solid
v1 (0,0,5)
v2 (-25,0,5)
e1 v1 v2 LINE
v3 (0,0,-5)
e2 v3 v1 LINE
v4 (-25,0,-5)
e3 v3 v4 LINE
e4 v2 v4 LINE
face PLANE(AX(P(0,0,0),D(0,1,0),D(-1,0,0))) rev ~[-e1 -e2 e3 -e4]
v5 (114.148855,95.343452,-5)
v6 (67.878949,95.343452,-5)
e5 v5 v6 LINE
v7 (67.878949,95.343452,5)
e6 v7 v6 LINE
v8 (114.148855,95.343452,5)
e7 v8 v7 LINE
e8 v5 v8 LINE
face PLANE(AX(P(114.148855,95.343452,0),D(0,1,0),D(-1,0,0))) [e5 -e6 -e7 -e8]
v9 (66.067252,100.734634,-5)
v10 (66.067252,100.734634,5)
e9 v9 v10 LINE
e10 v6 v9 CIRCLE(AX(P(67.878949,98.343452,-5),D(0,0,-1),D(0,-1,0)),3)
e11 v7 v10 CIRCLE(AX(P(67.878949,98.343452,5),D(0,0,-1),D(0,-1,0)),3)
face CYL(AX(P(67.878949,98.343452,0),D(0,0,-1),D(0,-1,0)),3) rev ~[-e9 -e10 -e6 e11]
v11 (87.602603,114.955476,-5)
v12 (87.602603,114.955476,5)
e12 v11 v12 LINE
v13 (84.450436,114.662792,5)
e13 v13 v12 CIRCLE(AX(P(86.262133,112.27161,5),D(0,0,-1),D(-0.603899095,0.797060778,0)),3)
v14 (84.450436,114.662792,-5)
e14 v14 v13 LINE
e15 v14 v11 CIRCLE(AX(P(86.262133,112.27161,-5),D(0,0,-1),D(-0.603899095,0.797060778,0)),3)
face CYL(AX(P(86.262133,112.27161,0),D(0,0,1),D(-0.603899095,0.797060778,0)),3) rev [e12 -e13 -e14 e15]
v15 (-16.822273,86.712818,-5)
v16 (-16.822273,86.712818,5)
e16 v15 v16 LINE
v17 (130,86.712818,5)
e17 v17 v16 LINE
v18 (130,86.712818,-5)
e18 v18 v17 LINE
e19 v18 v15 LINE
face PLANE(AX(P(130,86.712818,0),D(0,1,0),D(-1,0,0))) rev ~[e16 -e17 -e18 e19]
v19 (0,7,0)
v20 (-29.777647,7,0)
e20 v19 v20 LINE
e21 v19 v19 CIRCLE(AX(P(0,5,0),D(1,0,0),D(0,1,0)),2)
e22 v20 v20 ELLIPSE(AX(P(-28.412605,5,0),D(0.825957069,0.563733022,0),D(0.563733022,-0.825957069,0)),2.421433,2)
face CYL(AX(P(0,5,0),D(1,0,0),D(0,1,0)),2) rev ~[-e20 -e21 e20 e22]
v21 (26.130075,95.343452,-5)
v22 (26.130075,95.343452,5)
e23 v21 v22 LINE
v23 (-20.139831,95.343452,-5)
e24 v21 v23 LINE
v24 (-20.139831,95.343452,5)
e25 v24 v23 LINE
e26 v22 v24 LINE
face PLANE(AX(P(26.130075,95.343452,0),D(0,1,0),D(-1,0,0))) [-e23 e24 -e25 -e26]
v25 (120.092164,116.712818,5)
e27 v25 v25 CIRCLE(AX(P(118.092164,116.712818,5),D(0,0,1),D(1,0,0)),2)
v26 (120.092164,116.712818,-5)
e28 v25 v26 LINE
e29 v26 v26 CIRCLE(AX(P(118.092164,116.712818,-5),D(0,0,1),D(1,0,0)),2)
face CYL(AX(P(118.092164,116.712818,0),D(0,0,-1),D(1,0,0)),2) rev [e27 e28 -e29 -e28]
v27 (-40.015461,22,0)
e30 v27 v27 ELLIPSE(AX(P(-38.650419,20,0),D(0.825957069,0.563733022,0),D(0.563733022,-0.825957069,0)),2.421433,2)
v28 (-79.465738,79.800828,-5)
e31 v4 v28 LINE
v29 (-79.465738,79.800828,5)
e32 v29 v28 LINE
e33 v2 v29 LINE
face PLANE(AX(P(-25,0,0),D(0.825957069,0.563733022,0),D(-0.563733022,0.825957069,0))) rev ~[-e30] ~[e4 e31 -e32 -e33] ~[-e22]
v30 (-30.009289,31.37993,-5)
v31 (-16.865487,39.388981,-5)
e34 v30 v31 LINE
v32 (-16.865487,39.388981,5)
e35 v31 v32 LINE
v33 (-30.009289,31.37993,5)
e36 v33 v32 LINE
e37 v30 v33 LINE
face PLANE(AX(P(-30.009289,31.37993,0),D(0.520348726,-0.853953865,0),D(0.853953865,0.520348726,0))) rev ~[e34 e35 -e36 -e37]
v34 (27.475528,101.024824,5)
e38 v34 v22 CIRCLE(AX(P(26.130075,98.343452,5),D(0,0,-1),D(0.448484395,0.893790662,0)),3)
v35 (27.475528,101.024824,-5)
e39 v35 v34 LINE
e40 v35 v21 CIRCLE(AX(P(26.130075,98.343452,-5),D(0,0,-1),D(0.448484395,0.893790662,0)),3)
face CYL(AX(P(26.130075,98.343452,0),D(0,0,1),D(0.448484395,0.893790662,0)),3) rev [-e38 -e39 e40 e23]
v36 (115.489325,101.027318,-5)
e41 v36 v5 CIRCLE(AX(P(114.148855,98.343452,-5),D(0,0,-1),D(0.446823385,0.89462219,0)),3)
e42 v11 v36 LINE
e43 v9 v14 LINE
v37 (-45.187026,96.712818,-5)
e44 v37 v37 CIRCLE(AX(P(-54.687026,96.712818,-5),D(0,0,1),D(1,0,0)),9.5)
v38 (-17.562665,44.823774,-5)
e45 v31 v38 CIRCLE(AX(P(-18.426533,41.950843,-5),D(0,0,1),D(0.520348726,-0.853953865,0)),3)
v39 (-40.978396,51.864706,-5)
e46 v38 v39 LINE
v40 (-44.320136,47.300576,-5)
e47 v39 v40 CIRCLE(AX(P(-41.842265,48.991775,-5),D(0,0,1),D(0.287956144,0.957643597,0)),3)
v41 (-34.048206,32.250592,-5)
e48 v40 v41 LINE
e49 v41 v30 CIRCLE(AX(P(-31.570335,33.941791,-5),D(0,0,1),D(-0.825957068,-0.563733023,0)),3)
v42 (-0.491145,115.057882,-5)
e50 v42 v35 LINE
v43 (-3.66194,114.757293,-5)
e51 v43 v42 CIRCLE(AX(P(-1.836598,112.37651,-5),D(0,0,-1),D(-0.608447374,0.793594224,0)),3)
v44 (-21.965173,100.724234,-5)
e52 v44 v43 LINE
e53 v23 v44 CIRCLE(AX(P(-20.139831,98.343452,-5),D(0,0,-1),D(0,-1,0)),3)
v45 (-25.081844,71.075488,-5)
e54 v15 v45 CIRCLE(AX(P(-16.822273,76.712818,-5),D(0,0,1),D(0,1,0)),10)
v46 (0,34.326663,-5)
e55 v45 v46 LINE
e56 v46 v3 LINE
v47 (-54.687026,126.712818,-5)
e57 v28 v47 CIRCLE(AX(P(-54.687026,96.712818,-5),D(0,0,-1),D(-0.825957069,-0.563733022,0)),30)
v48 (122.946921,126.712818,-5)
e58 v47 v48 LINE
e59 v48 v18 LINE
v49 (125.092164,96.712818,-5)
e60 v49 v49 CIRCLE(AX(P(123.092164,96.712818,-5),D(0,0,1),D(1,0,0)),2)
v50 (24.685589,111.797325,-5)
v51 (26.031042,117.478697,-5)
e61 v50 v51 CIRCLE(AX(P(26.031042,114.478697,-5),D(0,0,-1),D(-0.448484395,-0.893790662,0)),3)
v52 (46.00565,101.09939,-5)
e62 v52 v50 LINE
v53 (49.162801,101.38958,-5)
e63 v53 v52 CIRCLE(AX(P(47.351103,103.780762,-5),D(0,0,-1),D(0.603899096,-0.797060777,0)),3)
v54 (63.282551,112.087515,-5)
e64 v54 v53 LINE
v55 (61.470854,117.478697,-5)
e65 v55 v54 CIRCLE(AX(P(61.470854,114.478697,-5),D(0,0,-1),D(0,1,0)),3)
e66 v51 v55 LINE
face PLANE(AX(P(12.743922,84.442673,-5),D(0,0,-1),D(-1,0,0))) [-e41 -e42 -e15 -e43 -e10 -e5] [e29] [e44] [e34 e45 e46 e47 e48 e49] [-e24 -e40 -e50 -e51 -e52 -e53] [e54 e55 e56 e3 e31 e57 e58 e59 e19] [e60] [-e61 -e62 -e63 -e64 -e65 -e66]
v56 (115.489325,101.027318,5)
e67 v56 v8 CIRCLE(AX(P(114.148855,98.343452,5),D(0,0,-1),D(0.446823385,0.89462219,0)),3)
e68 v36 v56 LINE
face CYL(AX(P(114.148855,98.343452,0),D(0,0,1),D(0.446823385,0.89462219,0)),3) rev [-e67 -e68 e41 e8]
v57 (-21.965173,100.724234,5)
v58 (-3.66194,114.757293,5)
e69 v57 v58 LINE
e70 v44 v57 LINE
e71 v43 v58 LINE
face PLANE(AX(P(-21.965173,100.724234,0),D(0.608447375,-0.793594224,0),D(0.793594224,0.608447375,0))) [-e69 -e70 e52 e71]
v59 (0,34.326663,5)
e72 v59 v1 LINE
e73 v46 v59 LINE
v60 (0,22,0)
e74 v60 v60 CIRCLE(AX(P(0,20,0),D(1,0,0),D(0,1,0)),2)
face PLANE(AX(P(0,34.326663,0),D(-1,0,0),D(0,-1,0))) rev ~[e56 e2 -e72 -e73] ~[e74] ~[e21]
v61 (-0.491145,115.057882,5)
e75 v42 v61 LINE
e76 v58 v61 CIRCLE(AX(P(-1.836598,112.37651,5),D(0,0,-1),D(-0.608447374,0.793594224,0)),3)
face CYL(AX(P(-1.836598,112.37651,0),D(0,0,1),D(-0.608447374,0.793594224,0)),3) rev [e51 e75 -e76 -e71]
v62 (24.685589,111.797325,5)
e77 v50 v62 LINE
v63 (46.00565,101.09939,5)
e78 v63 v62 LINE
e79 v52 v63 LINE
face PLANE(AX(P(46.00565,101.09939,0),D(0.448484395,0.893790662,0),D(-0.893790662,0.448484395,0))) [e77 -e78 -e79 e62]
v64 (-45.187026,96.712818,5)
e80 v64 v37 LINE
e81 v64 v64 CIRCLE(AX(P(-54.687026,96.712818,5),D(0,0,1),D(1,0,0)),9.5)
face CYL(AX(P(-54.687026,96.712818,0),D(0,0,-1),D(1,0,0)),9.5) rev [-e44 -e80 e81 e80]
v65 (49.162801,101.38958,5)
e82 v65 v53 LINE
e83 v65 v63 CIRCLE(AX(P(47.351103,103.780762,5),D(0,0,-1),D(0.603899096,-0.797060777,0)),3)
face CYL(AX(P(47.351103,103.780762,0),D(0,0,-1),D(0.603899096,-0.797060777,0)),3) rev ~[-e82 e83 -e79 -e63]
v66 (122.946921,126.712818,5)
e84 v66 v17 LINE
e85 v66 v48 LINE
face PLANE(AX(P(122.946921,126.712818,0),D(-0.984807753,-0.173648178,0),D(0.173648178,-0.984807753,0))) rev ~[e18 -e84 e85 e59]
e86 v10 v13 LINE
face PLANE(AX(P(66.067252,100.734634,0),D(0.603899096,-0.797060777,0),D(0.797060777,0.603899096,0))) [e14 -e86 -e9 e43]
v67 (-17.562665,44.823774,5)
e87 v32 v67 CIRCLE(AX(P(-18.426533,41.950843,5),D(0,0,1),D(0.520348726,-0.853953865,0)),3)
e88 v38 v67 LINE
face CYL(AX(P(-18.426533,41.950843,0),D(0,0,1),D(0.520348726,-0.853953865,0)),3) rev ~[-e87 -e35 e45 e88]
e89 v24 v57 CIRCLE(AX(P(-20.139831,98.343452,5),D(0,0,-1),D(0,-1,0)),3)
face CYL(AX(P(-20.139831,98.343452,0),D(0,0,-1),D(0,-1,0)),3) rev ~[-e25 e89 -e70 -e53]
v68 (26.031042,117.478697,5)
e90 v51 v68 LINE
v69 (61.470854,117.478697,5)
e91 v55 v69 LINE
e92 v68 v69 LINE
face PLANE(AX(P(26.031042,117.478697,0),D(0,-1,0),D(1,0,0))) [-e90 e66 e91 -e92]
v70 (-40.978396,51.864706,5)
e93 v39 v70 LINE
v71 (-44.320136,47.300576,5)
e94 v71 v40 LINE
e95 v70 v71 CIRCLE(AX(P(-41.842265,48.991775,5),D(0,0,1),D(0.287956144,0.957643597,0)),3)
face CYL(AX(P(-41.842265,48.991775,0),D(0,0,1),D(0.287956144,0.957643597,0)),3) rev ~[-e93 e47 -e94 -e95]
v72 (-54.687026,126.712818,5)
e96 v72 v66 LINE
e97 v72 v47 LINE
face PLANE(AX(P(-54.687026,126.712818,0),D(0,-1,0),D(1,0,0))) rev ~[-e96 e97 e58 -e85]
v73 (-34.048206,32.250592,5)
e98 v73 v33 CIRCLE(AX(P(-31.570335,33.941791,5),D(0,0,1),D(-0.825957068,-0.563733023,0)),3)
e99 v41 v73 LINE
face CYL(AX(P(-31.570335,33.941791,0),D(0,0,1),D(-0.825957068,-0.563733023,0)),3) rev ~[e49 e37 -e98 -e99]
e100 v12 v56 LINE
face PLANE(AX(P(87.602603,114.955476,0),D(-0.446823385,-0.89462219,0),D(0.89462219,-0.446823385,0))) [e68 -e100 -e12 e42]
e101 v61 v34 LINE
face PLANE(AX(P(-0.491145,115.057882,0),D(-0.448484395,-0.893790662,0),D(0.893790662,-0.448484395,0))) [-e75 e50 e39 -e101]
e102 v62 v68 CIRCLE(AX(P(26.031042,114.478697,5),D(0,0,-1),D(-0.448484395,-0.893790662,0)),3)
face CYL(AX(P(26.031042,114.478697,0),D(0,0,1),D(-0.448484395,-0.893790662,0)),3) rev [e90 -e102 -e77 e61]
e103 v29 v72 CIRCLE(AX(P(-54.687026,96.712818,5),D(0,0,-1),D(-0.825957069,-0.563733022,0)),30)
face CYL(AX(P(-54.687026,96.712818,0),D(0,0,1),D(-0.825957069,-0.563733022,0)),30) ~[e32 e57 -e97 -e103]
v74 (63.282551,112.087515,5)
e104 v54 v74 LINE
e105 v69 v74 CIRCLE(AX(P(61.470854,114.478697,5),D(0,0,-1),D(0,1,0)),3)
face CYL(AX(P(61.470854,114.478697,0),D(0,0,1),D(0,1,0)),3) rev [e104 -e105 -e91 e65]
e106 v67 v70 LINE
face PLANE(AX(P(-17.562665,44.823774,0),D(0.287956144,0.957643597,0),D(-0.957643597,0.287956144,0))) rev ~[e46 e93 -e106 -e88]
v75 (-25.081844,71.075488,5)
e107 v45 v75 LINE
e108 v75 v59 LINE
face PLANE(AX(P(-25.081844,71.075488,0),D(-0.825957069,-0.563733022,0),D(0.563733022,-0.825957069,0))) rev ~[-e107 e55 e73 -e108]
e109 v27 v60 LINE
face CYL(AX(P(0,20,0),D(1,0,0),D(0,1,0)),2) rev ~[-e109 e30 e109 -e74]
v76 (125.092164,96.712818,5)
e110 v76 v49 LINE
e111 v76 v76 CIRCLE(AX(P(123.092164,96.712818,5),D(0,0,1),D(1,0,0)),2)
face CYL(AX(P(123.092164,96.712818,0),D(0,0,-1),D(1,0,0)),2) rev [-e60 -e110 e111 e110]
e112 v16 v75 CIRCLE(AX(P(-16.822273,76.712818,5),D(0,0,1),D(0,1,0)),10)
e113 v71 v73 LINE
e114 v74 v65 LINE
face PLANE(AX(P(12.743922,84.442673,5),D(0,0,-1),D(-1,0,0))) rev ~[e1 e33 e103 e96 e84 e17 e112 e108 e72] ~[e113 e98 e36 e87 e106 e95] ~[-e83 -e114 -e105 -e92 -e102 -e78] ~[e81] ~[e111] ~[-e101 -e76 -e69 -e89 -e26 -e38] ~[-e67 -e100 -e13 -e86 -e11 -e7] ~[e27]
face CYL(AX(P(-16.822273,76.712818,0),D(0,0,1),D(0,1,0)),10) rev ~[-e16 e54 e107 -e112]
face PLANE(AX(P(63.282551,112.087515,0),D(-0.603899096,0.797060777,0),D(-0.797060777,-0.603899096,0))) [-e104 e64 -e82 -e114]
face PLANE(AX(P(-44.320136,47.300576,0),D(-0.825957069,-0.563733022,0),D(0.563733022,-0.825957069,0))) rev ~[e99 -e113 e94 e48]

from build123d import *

# Parameters (mm, degrees)
SKETCH1_R           = 9.5
SKETCH1_R_2         = 2
BOSS_EXTRUDE2_DEPTH = 5
SKETCH2_R           = 2
CUT_EXTRUDE1_DEPTH  = 43.5


with BuildPart() as part:
    # Sketch1 → Boss-Extrude2 (new, symmetric)
    with BuildSketch(Plane.XY):
        with BuildLine():
            Line((0, 0), (-25, 0))
            Line((-25, 0), (-79.465738474, 79.800827522))
            ThreePointArc((-79.465738474, 79.800827522), (-81.213991187, 110.724247098), (-54.687026413, 126.712818196))
            Line((-54.687026413, 126.712818196), (122.946920772, 126.712818196))
            Line((122.946920772, 126.712818196), (130, 86.712818196))
            Line((130, 86.712818196), (-16.822273347, 86.712818196))
            ThreePointArc((-16.822273347, 86.712818196), (-25.664594939, 81.383294497), (-25.081844034, 71.075487971))
            Line((-25.081844034, 71.075487971), (0, 34.32666264))
            Line((0, 34.32666264), (0, 0))
        make_face()
        with Locations((-54.687026413, 96.712818196)):
            Circle(SKETCH1_R, mode=Mode.SUBTRACT)
        with Locations((118.092164461, 116.712818196)):
            Circle(SKETCH1_R_2, mode=Mode.SUBTRACT)
        with Locations((123.092164461, 96.712818196)):
            Circle(SKETCH1_R_2, mode=Mode.SUBTRACT)
        with BuildLine():
            Line((87.602603423, 114.955476372), (115.489324713, 101.027318395))
            ThreePointArc((115.489324713, 101.027318395), (117.068751792, 97.654829908), (114.148854559, 95.343451825))
            Line((114.148854559, 95.343451825), (67.87894889, 95.343451825))
            ThreePointArc((67.87894889, 95.343451825), (65.035223605, 97.387822973), (66.067251604, 100.734634156))
            Line((66.067251604, 100.734634156), (84.450435982, 114.662792133))
            ThreePointArc((84.450435982, 114.662792133), (85.984771107, 115.258760656), (87.602603423, 114.955476372))
        make_face(mode=Mode.SUBTRACT)
        with BuildLine():
            Line((-0.491145104, 115.057882008), (27.475527786, 101.02482381))
            ThreePointArc((27.475527786, 101.02482381), (29.049331009, 97.652118315), (26.130074601, 95.343451825))
            Line((26.130074601, 95.343451825), (-20.139831067, 95.343451825))
            ThreePointArc((-20.139831067, 95.343451825), (-22.980812237, 97.379695636), (-21.965173191, 100.724234497))
            Line((-21.965173191, 100.724234497), (-3.661940413, 114.757292695))
            ThreePointArc((-3.661940413, 114.757292695), (-2.119726939, 115.363119834), (-0.491145104, 115.057882008))
        make_face(mode=Mode.SUBTRACT)
        with BuildLine():
            Line((26.031042482, 117.478697139), (61.470853651, 117.478697139))
            ThreePointArc((61.470853651, 117.478697139), (64.314578937, 115.434325991), (63.282550938, 112.087514808))
            Line((63.282550938, 112.087514808), (49.162800513, 101.389579648))
            ThreePointArc((49.162800513, 101.389579648), (47.625690916, 100.793354809), (46.005650041, 101.099389994))
            Line((46.005650041, 101.099389994), (24.685589296, 111.797325153))
            ThreePointArc((24.685589296, 111.797325153), (23.111786073, 115.170030649), (26.031042482, 117.478697139))
        make_face(mode=Mode.SUBTRACT)
        with BuildLine():
            Line((-44.320136127, 47.300576318), (-34.048206361, 32.250592263))
            ThreePointArc((-34.048206361, 32.250592263), (-32.202518151, 31.009156908), (-30.009288975, 31.379929737))
            Line((-30.009288975, 31.379929737), (-16.865487004, 39.388981395))
            ThreePointArc((-16.865487004, 39.388981395), (-15.450916476, 42.332556513), (-17.56266475, 44.823773781))
            Line((-17.56266475, 44.823773781), (-40.978396488, 51.864706177))
            ThreePointArc((-40.978396488, 51.864706177), (-44.262816837, 50.76404185), (-44.320136127, 47.300576318))
        make_face(mode=Mode.SUBTRACT)
    extrude(amount=BOSS_EXTRUDE2_DEPTH, both=True)

    # Sketch2 → Cut-Extrude1 (cut, symmetric)
    with BuildSketch(Plane(origin=(0, 0, 0), x_dir=(0, 0, -1), z_dir=(1, 0, 0))):
        with Locations(Location((0, 5, 0), (0, 0, 90))):
            Circle(SKETCH2_R)
        with Locations(Location((0, 20, 0), (0, 0, 90))):
            Circle(SKETCH2_R)
    extrude(amount=CUT_EXTRUDE1_DEPTH, both=True, mode=Mode.SUBTRACT)


solid = part.part
